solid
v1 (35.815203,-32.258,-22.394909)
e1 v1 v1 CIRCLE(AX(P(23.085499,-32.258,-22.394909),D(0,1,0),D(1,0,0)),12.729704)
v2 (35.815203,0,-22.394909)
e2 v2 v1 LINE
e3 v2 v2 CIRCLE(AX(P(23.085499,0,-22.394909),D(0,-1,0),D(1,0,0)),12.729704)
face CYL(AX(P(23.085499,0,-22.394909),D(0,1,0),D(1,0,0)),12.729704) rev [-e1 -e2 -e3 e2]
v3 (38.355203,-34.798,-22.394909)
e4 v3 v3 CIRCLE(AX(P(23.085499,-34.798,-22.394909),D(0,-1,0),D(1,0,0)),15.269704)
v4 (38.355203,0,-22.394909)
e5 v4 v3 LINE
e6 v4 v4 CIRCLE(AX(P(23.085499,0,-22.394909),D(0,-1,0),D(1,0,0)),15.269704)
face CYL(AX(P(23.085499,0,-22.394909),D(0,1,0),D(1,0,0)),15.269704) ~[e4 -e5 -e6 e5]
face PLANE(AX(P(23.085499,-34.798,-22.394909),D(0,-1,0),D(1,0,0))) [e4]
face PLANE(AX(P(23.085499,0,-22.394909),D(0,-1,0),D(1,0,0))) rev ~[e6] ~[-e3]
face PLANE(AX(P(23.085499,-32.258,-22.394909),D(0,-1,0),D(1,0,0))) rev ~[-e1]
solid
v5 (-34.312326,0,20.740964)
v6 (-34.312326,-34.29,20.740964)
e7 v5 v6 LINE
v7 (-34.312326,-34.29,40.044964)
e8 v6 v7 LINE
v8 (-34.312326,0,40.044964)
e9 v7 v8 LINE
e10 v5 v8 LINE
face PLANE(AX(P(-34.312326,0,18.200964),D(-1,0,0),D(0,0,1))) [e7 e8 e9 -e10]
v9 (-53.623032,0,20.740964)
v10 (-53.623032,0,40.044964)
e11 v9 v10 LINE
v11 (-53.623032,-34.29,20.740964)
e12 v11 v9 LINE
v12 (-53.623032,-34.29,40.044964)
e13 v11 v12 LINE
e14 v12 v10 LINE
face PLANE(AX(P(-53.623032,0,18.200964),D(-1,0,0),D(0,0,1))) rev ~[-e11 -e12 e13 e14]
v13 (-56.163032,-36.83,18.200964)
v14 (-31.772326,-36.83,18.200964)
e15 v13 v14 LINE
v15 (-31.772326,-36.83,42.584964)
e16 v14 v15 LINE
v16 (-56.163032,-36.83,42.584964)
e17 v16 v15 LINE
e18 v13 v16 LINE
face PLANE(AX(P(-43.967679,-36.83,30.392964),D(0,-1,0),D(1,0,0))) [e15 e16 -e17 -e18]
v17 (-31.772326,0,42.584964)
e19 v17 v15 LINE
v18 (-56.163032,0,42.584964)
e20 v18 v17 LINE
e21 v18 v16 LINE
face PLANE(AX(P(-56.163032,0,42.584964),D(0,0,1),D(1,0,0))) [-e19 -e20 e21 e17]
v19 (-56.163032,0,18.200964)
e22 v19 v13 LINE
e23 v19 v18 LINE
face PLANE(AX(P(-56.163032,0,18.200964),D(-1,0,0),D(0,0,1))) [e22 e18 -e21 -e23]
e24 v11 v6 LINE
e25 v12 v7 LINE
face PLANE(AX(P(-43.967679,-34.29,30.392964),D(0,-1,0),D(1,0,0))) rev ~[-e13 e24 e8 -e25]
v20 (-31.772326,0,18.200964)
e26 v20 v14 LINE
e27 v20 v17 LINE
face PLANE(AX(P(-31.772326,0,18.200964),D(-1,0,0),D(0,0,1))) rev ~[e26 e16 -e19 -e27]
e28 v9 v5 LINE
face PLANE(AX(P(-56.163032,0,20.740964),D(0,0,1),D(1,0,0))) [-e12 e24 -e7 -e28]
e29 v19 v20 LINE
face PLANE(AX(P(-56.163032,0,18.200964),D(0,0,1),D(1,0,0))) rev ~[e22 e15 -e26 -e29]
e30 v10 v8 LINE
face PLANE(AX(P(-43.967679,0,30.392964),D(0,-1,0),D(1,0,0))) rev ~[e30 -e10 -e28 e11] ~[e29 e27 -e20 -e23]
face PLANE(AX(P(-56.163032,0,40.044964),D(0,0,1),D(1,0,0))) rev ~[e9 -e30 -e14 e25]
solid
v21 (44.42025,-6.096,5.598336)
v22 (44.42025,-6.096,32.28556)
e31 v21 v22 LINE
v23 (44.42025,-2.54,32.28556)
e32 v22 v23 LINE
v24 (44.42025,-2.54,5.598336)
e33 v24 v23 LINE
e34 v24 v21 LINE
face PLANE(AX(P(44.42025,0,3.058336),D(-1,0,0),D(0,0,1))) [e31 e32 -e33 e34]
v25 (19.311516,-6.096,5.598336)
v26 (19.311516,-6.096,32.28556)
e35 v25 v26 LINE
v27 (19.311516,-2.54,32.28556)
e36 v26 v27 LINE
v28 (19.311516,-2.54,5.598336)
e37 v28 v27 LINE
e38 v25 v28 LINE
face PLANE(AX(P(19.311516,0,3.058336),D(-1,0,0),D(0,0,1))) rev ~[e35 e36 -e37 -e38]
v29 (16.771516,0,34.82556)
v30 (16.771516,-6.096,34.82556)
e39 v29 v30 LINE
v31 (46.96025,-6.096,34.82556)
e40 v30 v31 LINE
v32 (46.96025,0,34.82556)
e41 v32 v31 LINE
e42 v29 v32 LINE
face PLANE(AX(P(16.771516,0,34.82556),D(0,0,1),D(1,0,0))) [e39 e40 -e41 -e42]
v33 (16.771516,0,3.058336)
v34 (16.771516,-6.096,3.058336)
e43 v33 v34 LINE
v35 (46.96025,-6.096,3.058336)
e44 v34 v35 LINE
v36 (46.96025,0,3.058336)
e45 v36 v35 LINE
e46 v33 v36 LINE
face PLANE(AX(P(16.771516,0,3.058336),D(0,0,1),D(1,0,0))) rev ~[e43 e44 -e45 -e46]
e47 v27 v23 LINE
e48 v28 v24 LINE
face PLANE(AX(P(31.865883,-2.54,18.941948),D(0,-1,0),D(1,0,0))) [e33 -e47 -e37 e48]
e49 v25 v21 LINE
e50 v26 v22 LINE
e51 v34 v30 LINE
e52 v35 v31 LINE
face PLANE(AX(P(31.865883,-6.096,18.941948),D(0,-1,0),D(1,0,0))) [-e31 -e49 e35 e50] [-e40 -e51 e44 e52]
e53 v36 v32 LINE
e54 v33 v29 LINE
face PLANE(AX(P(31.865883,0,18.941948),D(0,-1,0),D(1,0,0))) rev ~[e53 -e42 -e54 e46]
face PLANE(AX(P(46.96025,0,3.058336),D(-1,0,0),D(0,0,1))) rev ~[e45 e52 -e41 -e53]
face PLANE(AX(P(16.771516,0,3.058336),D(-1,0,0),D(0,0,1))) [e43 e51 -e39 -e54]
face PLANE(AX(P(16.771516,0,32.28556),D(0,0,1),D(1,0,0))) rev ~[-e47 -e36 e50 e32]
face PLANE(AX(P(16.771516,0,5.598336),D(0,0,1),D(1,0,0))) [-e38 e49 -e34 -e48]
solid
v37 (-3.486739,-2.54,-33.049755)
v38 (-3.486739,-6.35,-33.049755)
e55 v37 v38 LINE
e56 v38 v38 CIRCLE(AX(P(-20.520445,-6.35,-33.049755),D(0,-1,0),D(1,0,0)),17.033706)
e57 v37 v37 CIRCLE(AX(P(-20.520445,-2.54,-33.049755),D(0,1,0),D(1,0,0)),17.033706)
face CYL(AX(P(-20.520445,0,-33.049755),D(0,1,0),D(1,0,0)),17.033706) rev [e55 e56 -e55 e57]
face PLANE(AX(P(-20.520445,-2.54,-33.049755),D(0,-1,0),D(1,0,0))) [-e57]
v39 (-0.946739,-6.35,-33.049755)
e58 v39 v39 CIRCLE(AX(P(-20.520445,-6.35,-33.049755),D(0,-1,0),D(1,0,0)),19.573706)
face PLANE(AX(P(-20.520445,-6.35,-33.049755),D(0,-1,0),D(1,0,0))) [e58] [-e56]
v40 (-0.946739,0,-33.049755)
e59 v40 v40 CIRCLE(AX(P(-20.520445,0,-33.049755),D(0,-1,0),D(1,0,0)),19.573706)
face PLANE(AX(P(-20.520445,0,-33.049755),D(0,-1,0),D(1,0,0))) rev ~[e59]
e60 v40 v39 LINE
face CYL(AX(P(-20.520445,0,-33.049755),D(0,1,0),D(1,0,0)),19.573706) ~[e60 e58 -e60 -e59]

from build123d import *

# Parameters (mm, degrees)
F0_W      = 24.390706
F0_H      = 24.384
F1_DEPTH  = 36.83
F2_T      = -2.54
F3_W      = 30.188734
F3_H      = 31.767224
F4_DEPTH  = 6.096
F5_T      = -2.54
F6_R      = 19.573706
F7_DEPTH  = 6.35
F8_T      = -2.54
F9_R      = 15.269704
F10_DEPTH = 34.798
F11_T     = -2.54


with BuildPart() as f1:
    # F0 (on Front) → F1 (new body)
    with BuildSketch(Plane.XZ):
        with Locations((-43.967679, 30.392964)):
            Rectangle(F0_W, F0_H)
    extrude(amount=F1_DEPTH)

    # F2
    f2_openings = [f1.faces().sort_by_distance(p)[0] for p in [
        (-43.967679, 0, 30.392964),
    ]]
    offset(amount=F2_T, openings=f2_openings)


with BuildPart() as f4:
    # F3 (on Front) → F4 (new body)
    with BuildSketch(Plane.XZ):
        with Locations((31.865883, 18.941948)):
            Rectangle(F3_W, F3_H)
    extrude(amount=F4_DEPTH)

    # F5
    f5_openings = [f4.faces().sort_by_distance(p)[0] for p in [
        (31.865883, -6.096, 18.941948),
    ]]
    offset(amount=F5_T, openings=f5_openings)


with BuildPart() as f7:
    # F6 (on Front) → F7 (new body)
    with BuildSketch(Plane.XZ):
        with Locations((-20.520445, -33.049755)):
            Circle(F6_R)
    extrude(amount=F7_DEPTH)

    # F8
    f8_openings = [f7.faces().sort_by_distance(p)[0] for p in [
        (-20.520445, -6.35, -33.049755),
    ]]
    offset(amount=F8_T, openings=f8_openings)


with BuildPart() as f10:
    # F9 (on Front) → F10 (new body)
    with BuildSketch(Plane.XZ):
        with Locations((23.085499, -22.394909)):
            Circle(F9_R)
    extrude(amount=F10_DEPTH)

    # F11
    f11_openings = [f10.faces().sort_by_distance(p)[0] for p in [
        (23.085499, 0, -22.394909),
    ]]
    offset(amount=F11_T, openings=f11_openings)


solid = Compound([f1.part, f4.part, f7.part, f10.part])
